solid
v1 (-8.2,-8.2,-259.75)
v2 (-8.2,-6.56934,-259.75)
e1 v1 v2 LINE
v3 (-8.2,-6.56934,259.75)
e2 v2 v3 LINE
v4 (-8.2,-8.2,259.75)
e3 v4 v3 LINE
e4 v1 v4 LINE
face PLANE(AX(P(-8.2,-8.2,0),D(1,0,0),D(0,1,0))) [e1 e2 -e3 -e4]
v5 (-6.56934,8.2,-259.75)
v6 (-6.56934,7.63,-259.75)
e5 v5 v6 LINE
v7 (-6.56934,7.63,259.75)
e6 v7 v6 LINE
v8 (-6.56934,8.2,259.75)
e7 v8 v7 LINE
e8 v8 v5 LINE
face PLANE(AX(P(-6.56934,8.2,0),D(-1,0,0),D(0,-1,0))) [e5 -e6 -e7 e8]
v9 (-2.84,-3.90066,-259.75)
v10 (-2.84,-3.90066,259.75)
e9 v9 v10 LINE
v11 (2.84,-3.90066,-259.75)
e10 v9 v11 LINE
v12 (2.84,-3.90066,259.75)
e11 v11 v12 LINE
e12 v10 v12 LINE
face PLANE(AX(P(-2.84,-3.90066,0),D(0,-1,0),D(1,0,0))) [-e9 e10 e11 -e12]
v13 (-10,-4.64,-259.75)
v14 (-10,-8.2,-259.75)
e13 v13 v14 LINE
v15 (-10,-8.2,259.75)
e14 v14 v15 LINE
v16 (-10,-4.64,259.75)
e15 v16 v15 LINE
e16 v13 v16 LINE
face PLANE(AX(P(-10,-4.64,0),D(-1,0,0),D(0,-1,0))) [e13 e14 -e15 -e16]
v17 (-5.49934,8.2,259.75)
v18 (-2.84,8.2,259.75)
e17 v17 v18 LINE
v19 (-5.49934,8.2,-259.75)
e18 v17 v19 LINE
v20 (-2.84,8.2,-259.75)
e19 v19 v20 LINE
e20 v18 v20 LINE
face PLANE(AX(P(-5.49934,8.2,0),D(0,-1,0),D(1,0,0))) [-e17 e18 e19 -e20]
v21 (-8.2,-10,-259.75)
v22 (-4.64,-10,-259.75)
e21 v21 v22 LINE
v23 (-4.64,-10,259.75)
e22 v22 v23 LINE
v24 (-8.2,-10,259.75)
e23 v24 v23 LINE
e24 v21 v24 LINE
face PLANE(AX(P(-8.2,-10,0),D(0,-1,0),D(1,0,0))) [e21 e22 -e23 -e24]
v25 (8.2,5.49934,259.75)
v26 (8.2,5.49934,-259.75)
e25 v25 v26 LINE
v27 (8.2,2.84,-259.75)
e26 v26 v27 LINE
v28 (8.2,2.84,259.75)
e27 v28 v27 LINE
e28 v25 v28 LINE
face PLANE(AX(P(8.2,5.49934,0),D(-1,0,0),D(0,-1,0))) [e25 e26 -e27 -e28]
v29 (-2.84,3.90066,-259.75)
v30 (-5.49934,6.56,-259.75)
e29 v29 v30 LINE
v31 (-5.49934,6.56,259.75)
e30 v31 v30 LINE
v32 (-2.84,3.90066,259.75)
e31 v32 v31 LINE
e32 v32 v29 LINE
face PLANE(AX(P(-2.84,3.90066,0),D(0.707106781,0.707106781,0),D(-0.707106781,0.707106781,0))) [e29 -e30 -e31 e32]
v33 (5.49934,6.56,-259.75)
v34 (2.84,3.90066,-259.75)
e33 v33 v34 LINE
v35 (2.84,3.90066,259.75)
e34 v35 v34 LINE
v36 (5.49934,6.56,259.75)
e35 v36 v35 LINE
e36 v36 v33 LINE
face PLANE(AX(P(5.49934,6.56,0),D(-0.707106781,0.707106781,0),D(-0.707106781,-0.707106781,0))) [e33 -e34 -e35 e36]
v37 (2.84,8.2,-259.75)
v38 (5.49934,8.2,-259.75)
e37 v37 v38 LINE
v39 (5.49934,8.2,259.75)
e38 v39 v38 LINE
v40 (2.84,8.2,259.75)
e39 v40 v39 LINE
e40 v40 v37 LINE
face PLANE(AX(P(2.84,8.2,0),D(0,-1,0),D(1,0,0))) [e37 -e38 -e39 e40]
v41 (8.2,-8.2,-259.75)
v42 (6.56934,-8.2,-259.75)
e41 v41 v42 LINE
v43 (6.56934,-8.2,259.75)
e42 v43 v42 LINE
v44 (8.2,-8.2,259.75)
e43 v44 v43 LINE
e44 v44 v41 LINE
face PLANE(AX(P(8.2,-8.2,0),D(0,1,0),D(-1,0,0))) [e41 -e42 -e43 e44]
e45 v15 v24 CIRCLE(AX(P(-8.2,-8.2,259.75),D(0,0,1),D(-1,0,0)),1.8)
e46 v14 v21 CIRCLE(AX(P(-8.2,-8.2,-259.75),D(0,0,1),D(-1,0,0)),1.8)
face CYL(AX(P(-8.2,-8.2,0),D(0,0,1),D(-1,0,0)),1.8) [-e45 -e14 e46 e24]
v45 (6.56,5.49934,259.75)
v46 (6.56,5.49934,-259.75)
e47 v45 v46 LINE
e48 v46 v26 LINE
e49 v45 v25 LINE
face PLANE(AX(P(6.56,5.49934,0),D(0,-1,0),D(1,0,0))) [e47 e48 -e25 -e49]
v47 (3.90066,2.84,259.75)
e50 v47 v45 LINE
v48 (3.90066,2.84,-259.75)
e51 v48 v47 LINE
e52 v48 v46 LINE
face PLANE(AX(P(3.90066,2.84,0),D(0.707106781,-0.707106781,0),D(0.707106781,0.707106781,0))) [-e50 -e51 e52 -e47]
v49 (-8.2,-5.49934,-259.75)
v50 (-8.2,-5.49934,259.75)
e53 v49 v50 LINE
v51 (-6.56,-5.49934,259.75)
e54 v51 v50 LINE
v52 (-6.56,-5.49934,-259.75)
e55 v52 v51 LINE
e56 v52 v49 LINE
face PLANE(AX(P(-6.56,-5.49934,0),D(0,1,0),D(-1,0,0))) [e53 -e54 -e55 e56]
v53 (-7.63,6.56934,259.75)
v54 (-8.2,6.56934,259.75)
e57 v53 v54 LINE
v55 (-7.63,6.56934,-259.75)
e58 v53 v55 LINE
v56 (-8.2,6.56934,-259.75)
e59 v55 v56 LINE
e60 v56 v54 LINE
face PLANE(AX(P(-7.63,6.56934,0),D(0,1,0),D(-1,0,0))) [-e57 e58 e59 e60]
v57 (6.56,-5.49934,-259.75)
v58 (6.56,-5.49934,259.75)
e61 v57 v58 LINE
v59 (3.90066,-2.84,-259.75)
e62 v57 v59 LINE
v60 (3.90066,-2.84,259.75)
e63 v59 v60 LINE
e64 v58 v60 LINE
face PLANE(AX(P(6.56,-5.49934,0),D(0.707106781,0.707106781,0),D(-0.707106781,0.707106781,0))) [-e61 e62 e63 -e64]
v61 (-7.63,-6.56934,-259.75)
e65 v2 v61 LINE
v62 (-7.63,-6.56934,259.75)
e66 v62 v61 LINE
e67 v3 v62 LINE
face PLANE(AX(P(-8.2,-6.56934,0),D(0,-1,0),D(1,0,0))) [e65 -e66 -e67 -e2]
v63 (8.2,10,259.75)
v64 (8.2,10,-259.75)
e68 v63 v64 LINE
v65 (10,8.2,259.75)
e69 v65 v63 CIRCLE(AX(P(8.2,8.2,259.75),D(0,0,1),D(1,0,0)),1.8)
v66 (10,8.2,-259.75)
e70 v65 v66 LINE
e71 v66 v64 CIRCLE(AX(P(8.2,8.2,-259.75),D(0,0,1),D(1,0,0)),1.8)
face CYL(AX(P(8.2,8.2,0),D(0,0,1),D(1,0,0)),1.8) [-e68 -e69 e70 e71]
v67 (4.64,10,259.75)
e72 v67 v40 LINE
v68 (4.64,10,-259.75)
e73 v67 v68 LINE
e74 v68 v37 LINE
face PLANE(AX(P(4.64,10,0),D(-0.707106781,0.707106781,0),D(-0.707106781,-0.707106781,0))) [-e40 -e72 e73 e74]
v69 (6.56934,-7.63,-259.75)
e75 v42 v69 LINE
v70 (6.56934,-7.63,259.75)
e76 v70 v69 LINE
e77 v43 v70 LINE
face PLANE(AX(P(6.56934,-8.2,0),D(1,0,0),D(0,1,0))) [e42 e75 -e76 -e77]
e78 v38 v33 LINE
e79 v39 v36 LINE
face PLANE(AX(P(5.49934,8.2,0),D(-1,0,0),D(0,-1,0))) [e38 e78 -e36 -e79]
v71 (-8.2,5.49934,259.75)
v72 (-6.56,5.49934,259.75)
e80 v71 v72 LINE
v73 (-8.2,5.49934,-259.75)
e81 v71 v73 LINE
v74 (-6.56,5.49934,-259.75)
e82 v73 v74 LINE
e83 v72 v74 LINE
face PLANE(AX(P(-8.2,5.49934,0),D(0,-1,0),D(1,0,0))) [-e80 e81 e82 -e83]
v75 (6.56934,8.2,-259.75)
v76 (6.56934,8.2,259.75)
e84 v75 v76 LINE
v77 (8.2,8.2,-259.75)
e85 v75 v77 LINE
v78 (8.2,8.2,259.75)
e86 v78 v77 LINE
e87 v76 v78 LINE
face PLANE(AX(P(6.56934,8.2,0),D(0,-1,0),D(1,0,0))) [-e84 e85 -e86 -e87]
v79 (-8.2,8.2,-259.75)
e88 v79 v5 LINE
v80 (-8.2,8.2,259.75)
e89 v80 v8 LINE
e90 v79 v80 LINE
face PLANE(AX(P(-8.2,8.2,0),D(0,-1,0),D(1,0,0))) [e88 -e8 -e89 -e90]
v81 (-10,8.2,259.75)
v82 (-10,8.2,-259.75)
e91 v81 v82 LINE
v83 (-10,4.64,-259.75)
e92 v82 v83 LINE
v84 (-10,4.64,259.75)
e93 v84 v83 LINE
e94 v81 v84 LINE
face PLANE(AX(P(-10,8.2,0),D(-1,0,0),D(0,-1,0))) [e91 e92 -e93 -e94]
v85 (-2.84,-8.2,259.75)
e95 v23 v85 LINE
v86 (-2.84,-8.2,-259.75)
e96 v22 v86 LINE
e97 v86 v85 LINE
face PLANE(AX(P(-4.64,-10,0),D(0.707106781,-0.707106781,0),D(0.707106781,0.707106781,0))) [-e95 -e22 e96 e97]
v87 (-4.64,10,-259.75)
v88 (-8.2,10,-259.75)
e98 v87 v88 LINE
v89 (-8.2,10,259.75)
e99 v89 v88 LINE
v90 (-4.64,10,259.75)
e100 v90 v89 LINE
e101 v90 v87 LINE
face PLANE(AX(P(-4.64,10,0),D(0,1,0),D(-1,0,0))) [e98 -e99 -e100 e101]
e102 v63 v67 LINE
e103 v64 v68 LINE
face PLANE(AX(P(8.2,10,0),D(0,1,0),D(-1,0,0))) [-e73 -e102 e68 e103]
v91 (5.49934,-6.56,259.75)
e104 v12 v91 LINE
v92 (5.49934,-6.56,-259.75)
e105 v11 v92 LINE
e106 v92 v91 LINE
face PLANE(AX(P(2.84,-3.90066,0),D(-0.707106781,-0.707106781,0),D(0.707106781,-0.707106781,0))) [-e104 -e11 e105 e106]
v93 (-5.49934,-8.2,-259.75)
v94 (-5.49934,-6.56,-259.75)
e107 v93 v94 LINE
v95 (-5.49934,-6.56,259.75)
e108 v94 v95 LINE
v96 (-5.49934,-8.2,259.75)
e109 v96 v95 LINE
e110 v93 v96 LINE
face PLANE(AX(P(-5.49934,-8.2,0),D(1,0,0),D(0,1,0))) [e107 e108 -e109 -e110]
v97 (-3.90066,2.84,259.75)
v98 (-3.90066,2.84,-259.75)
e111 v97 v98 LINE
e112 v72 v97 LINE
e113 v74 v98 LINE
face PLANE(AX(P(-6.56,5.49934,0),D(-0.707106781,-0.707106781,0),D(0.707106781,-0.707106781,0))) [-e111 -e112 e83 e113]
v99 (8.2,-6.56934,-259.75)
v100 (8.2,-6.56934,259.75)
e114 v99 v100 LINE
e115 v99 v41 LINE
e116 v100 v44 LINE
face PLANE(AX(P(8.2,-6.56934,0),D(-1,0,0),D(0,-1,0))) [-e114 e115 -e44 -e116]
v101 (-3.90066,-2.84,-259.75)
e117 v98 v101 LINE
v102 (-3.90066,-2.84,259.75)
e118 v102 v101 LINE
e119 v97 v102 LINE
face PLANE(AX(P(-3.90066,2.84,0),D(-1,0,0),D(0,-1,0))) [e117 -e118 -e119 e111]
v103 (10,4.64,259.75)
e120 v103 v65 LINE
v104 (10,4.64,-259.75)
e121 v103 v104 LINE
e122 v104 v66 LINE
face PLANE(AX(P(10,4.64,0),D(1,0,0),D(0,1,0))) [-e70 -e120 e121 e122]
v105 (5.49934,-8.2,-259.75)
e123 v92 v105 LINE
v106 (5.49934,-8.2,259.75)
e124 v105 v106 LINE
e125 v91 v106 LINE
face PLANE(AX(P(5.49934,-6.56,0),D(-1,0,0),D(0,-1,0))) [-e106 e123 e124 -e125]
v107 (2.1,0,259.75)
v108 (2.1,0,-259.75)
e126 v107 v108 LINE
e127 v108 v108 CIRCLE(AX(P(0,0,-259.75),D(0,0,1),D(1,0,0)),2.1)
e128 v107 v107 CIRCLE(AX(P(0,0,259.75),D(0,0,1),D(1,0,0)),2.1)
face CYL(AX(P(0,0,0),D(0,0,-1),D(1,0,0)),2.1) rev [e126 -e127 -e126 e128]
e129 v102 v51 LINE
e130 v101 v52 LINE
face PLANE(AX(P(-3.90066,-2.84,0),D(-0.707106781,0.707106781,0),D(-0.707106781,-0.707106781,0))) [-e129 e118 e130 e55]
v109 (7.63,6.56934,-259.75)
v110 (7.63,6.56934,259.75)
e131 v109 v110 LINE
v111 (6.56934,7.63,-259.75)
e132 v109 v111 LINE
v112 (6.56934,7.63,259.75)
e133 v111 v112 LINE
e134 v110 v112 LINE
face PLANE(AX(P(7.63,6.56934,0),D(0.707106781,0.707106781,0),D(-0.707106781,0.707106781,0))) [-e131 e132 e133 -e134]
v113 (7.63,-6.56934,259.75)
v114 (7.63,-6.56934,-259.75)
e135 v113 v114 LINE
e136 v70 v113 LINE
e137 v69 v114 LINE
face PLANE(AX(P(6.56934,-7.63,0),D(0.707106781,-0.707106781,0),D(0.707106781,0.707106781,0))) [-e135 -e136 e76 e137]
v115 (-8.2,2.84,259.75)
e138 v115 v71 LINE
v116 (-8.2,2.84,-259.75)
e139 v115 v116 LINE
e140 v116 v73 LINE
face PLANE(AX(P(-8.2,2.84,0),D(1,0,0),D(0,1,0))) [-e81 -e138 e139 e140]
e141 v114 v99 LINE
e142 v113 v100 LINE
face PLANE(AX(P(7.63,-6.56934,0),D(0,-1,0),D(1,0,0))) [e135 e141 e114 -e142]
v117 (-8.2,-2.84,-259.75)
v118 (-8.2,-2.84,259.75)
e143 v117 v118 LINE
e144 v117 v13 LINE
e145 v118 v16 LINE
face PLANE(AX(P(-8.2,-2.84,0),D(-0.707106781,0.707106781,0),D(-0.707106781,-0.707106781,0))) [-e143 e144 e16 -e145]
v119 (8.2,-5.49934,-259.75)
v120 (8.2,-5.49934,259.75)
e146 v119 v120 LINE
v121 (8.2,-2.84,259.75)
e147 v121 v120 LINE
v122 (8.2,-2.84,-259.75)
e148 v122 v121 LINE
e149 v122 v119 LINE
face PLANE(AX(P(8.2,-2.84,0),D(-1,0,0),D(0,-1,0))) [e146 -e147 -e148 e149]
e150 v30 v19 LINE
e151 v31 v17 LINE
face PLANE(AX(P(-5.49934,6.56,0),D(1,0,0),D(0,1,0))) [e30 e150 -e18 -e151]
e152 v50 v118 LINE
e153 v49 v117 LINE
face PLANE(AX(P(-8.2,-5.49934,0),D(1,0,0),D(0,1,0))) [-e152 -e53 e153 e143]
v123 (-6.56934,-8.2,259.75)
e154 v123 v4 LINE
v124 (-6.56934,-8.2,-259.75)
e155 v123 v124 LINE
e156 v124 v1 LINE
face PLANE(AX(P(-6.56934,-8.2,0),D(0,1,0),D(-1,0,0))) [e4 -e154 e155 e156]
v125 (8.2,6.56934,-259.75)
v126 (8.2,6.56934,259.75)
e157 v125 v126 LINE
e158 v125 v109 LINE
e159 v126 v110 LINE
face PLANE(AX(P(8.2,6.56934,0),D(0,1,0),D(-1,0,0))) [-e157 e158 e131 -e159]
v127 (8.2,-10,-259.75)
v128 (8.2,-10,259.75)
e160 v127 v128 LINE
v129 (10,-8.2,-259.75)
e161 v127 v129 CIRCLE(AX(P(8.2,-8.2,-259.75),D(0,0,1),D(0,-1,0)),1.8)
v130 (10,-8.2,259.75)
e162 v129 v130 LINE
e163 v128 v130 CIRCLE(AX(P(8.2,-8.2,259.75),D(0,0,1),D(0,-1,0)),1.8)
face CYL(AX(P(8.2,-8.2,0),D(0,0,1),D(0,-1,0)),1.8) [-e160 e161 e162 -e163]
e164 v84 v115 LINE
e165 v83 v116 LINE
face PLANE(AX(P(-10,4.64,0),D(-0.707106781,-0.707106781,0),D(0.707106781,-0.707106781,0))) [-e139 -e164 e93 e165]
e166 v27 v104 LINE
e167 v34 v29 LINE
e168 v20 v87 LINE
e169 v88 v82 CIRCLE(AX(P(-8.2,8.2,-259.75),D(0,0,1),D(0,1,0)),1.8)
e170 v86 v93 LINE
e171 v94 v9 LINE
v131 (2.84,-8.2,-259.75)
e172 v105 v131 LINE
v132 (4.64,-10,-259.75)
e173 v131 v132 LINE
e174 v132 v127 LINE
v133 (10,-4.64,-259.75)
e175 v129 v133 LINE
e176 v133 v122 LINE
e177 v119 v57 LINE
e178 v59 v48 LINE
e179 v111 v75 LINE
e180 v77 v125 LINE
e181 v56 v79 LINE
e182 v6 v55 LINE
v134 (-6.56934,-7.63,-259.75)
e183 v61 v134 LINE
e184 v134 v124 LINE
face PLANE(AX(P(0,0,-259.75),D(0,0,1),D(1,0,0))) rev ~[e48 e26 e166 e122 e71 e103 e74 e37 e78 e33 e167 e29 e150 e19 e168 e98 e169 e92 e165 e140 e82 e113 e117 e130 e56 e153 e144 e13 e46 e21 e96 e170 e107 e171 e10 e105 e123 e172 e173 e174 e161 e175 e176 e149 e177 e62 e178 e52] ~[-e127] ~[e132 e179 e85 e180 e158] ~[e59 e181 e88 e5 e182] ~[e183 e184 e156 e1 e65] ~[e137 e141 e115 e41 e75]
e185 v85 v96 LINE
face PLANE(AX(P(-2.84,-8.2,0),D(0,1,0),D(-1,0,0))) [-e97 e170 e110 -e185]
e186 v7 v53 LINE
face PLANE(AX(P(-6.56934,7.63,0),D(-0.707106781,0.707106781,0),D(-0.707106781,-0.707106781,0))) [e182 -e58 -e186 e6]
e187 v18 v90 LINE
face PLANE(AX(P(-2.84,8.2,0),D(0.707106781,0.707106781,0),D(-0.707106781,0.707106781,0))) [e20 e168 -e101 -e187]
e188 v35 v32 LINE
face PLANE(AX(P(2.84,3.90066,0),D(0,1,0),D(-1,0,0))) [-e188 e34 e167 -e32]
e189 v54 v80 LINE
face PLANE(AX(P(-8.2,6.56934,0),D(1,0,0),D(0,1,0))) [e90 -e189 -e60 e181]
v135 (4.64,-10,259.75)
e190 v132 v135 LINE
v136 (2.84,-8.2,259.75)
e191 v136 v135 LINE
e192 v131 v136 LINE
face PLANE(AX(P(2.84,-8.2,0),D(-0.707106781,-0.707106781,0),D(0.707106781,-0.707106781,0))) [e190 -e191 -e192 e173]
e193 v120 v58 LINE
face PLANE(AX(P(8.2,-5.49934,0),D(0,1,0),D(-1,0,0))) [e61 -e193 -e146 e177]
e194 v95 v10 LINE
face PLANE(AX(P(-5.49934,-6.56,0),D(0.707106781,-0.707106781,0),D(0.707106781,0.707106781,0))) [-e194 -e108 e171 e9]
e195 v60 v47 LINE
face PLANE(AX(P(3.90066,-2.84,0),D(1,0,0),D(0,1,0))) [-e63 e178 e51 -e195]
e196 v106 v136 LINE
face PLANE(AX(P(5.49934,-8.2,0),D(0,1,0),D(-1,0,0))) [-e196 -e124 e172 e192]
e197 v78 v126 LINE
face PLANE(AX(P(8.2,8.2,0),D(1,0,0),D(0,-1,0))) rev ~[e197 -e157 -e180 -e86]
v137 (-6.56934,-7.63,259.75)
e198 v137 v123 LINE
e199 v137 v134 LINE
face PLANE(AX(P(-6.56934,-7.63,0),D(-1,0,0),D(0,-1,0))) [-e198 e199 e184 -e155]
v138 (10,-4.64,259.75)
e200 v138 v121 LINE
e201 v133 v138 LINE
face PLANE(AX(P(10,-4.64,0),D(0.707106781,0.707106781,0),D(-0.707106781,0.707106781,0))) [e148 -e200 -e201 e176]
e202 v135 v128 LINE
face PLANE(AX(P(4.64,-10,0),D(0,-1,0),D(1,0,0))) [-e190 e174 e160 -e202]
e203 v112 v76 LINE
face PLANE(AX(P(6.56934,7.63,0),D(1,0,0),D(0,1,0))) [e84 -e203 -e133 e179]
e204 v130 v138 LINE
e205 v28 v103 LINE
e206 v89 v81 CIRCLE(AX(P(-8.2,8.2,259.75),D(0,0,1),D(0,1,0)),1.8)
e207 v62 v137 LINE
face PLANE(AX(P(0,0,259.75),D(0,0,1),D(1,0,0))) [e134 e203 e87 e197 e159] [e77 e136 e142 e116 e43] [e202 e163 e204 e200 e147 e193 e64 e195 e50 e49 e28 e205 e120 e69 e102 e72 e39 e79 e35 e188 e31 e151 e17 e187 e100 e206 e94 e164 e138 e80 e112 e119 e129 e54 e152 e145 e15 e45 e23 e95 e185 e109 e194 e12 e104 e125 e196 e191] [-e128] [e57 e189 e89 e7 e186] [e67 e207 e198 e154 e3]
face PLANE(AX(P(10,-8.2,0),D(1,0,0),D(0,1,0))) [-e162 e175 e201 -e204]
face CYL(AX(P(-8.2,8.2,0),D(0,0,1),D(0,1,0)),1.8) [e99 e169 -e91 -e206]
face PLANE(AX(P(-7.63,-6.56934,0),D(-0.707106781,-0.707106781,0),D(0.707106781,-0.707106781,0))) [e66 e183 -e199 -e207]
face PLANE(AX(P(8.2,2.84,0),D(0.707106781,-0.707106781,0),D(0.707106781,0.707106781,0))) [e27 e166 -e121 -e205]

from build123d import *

# Parameters (mm, degrees)
SKETCH1_R      = 2.1
EXTRUDE1_DEPTH = 259.75


with BuildPart() as part:
    # Sketch1 → Extrude1 (new, symmetric)
    with BuildSketch(Plane.XY):
        with BuildLine():
            Line((-3.900660172, 0), (-3.900660172, -2.84))
            Line((-3.900660172, -2.84), (-6.56, -5.499339828))
            Line((-6.56, -5.499339828), (-8.2, -5.499339828))
            Line((-8.2, -5.499339828), (-8.2, -2.84))
            Line((-8.2, -2.84), (-10, -4.64))
            Line((-10, -4.64), (-10, -8.2))
            ThreePointArc((-10, -8.2), (-9.472792206, -9.472792206), (-8.2, -10))
            Line((-8.2, -10), (-4.64, -10))
            Line((-4.64, -10), (-2.84, -8.2))
            Line((-2.84, -8.2), (-5.499339828, -8.2))
            Line((-5.499339828, -8.2), (-5.499339828, -6.56))
            Line((-5.499339828, -6.56), (-2.84, -3.900660172))
            Line((-2.84, -3.900660172), (0, -3.900660172))
            Line((0, -3.900660172), (2.84, -3.900660172))
            Line((2.84, -3.900660172), (5.499339828, -6.56))
            Line((5.499339828, -6.56), (5.499339828, -8.2))
            Line((5.499339828, -8.2), (2.84, -8.2))
            Line((2.84, -8.2), (4.64, -10))
            Line((4.64, -10), (8.2, -10))
            ThreePointArc((8.2, -10), (9.472792206, -9.472792206), (10, -8.2))
            Line((10, -8.2), (10, -4.64))
            Line((10, -4.64), (8.2, -2.84))
            Line((8.2, -2.84), (8.2, -5.499339828))
            Line((8.2, -5.499339828), (6.56, -5.499339828))
            Line((6.56, -5.499339828), (3.900660172, -2.84))
            Line((3.900660172, -2.84), (3.900660172, 0))
            Line((3.900660172, 0), (3.900660172, 2.84))
            Line((3.900660172, 2.84), (6.56, 5.499339828))
            Line((6.56, 5.499339828), (8.2, 5.499339828))
            Line((8.2, 5.499339828), (8.2, 2.84))
            Line((8.2, 2.84), (10, 4.64))
            Line((10, 4.64), (10, 8.2))
            ThreePointArc((10, 8.2), (9.472792206, 9.472792206), (8.2, 10))
            Line((8.2, 10), (4.64, 10))
            Line((4.64, 10), (2.84, 8.2))
            Line((2.84, 8.2), (5.499339828, 8.2))
            Line((5.499339828, 8.2), (5.499339828, 6.56))
            Line((5.499339828, 6.56), (2.84, 3.900660172))
            Line((2.84, 3.900660172), (0, 3.900660172))
            Line((0, 3.900660172), (-2.84, 3.900660172))
            Line((-2.84, 3.900660172), (-5.499339828, 6.56))
            Line((-5.499339828, 6.56), (-5.499339828, 8.2))
            Line((-5.499339828, 8.2), (-2.84, 8.2))
            Line((-2.84, 8.2), (-4.64, 10))
            Line((-4.64, 10), (-8.2, 10))
            ThreePointArc((-8.2, 10), (-9.472792206, 9.472792206), (-10, 8.2))
            Line((-10, 8.2), (-10, 4.64))
            Line((-10, 4.64), (-8.2, 2.84))
            Line((-8.2, 2.84), (-8.2, 5.499339828))
            Line((-8.2, 5.499339828), (-6.56, 5.499339828))
            Line((-6.56, 5.499339828), (-3.900660172, 2.84))
            Line((-3.900660172, 2.84), (-3.900660172, 0))
        make_face()
        Circle(SKETCH1_R, mode=Mode.SUBTRACT)
        Polygon((-8.2, -8.2), (-8.2, -6.569339828), (-7.63, -6.569339828), (-6.569339828, -7.63), (-6.569339828, -8.2), align=None, mode=Mode.SUBTRACT)
        Polygon((-8.2, 6.569339828), (-8.2, 8.2), (-6.569339828, 8.2), (-6.569339828, 7.63), (-7.63, 6.569339828), align=None, mode=Mode.SUBTRACT)
        Polygon((6.569339828, 8.2), (8.2, 8.2), (8.2, 6.569339828), (7.63, 6.569339828), (6.569339828, 7.63), align=None, mode=Mode.SUBTRACT)
        Polygon((8.2, -6.569339828), (8.2, -8.2), (6.569339828, -8.2), (6.569339828, -7.63), (7.63, -6.569339828), align=None, mode=Mode.SUBTRACT)
    extrude(amount=EXTRUDE1_DEPTH, both=True)


solid = part.part
